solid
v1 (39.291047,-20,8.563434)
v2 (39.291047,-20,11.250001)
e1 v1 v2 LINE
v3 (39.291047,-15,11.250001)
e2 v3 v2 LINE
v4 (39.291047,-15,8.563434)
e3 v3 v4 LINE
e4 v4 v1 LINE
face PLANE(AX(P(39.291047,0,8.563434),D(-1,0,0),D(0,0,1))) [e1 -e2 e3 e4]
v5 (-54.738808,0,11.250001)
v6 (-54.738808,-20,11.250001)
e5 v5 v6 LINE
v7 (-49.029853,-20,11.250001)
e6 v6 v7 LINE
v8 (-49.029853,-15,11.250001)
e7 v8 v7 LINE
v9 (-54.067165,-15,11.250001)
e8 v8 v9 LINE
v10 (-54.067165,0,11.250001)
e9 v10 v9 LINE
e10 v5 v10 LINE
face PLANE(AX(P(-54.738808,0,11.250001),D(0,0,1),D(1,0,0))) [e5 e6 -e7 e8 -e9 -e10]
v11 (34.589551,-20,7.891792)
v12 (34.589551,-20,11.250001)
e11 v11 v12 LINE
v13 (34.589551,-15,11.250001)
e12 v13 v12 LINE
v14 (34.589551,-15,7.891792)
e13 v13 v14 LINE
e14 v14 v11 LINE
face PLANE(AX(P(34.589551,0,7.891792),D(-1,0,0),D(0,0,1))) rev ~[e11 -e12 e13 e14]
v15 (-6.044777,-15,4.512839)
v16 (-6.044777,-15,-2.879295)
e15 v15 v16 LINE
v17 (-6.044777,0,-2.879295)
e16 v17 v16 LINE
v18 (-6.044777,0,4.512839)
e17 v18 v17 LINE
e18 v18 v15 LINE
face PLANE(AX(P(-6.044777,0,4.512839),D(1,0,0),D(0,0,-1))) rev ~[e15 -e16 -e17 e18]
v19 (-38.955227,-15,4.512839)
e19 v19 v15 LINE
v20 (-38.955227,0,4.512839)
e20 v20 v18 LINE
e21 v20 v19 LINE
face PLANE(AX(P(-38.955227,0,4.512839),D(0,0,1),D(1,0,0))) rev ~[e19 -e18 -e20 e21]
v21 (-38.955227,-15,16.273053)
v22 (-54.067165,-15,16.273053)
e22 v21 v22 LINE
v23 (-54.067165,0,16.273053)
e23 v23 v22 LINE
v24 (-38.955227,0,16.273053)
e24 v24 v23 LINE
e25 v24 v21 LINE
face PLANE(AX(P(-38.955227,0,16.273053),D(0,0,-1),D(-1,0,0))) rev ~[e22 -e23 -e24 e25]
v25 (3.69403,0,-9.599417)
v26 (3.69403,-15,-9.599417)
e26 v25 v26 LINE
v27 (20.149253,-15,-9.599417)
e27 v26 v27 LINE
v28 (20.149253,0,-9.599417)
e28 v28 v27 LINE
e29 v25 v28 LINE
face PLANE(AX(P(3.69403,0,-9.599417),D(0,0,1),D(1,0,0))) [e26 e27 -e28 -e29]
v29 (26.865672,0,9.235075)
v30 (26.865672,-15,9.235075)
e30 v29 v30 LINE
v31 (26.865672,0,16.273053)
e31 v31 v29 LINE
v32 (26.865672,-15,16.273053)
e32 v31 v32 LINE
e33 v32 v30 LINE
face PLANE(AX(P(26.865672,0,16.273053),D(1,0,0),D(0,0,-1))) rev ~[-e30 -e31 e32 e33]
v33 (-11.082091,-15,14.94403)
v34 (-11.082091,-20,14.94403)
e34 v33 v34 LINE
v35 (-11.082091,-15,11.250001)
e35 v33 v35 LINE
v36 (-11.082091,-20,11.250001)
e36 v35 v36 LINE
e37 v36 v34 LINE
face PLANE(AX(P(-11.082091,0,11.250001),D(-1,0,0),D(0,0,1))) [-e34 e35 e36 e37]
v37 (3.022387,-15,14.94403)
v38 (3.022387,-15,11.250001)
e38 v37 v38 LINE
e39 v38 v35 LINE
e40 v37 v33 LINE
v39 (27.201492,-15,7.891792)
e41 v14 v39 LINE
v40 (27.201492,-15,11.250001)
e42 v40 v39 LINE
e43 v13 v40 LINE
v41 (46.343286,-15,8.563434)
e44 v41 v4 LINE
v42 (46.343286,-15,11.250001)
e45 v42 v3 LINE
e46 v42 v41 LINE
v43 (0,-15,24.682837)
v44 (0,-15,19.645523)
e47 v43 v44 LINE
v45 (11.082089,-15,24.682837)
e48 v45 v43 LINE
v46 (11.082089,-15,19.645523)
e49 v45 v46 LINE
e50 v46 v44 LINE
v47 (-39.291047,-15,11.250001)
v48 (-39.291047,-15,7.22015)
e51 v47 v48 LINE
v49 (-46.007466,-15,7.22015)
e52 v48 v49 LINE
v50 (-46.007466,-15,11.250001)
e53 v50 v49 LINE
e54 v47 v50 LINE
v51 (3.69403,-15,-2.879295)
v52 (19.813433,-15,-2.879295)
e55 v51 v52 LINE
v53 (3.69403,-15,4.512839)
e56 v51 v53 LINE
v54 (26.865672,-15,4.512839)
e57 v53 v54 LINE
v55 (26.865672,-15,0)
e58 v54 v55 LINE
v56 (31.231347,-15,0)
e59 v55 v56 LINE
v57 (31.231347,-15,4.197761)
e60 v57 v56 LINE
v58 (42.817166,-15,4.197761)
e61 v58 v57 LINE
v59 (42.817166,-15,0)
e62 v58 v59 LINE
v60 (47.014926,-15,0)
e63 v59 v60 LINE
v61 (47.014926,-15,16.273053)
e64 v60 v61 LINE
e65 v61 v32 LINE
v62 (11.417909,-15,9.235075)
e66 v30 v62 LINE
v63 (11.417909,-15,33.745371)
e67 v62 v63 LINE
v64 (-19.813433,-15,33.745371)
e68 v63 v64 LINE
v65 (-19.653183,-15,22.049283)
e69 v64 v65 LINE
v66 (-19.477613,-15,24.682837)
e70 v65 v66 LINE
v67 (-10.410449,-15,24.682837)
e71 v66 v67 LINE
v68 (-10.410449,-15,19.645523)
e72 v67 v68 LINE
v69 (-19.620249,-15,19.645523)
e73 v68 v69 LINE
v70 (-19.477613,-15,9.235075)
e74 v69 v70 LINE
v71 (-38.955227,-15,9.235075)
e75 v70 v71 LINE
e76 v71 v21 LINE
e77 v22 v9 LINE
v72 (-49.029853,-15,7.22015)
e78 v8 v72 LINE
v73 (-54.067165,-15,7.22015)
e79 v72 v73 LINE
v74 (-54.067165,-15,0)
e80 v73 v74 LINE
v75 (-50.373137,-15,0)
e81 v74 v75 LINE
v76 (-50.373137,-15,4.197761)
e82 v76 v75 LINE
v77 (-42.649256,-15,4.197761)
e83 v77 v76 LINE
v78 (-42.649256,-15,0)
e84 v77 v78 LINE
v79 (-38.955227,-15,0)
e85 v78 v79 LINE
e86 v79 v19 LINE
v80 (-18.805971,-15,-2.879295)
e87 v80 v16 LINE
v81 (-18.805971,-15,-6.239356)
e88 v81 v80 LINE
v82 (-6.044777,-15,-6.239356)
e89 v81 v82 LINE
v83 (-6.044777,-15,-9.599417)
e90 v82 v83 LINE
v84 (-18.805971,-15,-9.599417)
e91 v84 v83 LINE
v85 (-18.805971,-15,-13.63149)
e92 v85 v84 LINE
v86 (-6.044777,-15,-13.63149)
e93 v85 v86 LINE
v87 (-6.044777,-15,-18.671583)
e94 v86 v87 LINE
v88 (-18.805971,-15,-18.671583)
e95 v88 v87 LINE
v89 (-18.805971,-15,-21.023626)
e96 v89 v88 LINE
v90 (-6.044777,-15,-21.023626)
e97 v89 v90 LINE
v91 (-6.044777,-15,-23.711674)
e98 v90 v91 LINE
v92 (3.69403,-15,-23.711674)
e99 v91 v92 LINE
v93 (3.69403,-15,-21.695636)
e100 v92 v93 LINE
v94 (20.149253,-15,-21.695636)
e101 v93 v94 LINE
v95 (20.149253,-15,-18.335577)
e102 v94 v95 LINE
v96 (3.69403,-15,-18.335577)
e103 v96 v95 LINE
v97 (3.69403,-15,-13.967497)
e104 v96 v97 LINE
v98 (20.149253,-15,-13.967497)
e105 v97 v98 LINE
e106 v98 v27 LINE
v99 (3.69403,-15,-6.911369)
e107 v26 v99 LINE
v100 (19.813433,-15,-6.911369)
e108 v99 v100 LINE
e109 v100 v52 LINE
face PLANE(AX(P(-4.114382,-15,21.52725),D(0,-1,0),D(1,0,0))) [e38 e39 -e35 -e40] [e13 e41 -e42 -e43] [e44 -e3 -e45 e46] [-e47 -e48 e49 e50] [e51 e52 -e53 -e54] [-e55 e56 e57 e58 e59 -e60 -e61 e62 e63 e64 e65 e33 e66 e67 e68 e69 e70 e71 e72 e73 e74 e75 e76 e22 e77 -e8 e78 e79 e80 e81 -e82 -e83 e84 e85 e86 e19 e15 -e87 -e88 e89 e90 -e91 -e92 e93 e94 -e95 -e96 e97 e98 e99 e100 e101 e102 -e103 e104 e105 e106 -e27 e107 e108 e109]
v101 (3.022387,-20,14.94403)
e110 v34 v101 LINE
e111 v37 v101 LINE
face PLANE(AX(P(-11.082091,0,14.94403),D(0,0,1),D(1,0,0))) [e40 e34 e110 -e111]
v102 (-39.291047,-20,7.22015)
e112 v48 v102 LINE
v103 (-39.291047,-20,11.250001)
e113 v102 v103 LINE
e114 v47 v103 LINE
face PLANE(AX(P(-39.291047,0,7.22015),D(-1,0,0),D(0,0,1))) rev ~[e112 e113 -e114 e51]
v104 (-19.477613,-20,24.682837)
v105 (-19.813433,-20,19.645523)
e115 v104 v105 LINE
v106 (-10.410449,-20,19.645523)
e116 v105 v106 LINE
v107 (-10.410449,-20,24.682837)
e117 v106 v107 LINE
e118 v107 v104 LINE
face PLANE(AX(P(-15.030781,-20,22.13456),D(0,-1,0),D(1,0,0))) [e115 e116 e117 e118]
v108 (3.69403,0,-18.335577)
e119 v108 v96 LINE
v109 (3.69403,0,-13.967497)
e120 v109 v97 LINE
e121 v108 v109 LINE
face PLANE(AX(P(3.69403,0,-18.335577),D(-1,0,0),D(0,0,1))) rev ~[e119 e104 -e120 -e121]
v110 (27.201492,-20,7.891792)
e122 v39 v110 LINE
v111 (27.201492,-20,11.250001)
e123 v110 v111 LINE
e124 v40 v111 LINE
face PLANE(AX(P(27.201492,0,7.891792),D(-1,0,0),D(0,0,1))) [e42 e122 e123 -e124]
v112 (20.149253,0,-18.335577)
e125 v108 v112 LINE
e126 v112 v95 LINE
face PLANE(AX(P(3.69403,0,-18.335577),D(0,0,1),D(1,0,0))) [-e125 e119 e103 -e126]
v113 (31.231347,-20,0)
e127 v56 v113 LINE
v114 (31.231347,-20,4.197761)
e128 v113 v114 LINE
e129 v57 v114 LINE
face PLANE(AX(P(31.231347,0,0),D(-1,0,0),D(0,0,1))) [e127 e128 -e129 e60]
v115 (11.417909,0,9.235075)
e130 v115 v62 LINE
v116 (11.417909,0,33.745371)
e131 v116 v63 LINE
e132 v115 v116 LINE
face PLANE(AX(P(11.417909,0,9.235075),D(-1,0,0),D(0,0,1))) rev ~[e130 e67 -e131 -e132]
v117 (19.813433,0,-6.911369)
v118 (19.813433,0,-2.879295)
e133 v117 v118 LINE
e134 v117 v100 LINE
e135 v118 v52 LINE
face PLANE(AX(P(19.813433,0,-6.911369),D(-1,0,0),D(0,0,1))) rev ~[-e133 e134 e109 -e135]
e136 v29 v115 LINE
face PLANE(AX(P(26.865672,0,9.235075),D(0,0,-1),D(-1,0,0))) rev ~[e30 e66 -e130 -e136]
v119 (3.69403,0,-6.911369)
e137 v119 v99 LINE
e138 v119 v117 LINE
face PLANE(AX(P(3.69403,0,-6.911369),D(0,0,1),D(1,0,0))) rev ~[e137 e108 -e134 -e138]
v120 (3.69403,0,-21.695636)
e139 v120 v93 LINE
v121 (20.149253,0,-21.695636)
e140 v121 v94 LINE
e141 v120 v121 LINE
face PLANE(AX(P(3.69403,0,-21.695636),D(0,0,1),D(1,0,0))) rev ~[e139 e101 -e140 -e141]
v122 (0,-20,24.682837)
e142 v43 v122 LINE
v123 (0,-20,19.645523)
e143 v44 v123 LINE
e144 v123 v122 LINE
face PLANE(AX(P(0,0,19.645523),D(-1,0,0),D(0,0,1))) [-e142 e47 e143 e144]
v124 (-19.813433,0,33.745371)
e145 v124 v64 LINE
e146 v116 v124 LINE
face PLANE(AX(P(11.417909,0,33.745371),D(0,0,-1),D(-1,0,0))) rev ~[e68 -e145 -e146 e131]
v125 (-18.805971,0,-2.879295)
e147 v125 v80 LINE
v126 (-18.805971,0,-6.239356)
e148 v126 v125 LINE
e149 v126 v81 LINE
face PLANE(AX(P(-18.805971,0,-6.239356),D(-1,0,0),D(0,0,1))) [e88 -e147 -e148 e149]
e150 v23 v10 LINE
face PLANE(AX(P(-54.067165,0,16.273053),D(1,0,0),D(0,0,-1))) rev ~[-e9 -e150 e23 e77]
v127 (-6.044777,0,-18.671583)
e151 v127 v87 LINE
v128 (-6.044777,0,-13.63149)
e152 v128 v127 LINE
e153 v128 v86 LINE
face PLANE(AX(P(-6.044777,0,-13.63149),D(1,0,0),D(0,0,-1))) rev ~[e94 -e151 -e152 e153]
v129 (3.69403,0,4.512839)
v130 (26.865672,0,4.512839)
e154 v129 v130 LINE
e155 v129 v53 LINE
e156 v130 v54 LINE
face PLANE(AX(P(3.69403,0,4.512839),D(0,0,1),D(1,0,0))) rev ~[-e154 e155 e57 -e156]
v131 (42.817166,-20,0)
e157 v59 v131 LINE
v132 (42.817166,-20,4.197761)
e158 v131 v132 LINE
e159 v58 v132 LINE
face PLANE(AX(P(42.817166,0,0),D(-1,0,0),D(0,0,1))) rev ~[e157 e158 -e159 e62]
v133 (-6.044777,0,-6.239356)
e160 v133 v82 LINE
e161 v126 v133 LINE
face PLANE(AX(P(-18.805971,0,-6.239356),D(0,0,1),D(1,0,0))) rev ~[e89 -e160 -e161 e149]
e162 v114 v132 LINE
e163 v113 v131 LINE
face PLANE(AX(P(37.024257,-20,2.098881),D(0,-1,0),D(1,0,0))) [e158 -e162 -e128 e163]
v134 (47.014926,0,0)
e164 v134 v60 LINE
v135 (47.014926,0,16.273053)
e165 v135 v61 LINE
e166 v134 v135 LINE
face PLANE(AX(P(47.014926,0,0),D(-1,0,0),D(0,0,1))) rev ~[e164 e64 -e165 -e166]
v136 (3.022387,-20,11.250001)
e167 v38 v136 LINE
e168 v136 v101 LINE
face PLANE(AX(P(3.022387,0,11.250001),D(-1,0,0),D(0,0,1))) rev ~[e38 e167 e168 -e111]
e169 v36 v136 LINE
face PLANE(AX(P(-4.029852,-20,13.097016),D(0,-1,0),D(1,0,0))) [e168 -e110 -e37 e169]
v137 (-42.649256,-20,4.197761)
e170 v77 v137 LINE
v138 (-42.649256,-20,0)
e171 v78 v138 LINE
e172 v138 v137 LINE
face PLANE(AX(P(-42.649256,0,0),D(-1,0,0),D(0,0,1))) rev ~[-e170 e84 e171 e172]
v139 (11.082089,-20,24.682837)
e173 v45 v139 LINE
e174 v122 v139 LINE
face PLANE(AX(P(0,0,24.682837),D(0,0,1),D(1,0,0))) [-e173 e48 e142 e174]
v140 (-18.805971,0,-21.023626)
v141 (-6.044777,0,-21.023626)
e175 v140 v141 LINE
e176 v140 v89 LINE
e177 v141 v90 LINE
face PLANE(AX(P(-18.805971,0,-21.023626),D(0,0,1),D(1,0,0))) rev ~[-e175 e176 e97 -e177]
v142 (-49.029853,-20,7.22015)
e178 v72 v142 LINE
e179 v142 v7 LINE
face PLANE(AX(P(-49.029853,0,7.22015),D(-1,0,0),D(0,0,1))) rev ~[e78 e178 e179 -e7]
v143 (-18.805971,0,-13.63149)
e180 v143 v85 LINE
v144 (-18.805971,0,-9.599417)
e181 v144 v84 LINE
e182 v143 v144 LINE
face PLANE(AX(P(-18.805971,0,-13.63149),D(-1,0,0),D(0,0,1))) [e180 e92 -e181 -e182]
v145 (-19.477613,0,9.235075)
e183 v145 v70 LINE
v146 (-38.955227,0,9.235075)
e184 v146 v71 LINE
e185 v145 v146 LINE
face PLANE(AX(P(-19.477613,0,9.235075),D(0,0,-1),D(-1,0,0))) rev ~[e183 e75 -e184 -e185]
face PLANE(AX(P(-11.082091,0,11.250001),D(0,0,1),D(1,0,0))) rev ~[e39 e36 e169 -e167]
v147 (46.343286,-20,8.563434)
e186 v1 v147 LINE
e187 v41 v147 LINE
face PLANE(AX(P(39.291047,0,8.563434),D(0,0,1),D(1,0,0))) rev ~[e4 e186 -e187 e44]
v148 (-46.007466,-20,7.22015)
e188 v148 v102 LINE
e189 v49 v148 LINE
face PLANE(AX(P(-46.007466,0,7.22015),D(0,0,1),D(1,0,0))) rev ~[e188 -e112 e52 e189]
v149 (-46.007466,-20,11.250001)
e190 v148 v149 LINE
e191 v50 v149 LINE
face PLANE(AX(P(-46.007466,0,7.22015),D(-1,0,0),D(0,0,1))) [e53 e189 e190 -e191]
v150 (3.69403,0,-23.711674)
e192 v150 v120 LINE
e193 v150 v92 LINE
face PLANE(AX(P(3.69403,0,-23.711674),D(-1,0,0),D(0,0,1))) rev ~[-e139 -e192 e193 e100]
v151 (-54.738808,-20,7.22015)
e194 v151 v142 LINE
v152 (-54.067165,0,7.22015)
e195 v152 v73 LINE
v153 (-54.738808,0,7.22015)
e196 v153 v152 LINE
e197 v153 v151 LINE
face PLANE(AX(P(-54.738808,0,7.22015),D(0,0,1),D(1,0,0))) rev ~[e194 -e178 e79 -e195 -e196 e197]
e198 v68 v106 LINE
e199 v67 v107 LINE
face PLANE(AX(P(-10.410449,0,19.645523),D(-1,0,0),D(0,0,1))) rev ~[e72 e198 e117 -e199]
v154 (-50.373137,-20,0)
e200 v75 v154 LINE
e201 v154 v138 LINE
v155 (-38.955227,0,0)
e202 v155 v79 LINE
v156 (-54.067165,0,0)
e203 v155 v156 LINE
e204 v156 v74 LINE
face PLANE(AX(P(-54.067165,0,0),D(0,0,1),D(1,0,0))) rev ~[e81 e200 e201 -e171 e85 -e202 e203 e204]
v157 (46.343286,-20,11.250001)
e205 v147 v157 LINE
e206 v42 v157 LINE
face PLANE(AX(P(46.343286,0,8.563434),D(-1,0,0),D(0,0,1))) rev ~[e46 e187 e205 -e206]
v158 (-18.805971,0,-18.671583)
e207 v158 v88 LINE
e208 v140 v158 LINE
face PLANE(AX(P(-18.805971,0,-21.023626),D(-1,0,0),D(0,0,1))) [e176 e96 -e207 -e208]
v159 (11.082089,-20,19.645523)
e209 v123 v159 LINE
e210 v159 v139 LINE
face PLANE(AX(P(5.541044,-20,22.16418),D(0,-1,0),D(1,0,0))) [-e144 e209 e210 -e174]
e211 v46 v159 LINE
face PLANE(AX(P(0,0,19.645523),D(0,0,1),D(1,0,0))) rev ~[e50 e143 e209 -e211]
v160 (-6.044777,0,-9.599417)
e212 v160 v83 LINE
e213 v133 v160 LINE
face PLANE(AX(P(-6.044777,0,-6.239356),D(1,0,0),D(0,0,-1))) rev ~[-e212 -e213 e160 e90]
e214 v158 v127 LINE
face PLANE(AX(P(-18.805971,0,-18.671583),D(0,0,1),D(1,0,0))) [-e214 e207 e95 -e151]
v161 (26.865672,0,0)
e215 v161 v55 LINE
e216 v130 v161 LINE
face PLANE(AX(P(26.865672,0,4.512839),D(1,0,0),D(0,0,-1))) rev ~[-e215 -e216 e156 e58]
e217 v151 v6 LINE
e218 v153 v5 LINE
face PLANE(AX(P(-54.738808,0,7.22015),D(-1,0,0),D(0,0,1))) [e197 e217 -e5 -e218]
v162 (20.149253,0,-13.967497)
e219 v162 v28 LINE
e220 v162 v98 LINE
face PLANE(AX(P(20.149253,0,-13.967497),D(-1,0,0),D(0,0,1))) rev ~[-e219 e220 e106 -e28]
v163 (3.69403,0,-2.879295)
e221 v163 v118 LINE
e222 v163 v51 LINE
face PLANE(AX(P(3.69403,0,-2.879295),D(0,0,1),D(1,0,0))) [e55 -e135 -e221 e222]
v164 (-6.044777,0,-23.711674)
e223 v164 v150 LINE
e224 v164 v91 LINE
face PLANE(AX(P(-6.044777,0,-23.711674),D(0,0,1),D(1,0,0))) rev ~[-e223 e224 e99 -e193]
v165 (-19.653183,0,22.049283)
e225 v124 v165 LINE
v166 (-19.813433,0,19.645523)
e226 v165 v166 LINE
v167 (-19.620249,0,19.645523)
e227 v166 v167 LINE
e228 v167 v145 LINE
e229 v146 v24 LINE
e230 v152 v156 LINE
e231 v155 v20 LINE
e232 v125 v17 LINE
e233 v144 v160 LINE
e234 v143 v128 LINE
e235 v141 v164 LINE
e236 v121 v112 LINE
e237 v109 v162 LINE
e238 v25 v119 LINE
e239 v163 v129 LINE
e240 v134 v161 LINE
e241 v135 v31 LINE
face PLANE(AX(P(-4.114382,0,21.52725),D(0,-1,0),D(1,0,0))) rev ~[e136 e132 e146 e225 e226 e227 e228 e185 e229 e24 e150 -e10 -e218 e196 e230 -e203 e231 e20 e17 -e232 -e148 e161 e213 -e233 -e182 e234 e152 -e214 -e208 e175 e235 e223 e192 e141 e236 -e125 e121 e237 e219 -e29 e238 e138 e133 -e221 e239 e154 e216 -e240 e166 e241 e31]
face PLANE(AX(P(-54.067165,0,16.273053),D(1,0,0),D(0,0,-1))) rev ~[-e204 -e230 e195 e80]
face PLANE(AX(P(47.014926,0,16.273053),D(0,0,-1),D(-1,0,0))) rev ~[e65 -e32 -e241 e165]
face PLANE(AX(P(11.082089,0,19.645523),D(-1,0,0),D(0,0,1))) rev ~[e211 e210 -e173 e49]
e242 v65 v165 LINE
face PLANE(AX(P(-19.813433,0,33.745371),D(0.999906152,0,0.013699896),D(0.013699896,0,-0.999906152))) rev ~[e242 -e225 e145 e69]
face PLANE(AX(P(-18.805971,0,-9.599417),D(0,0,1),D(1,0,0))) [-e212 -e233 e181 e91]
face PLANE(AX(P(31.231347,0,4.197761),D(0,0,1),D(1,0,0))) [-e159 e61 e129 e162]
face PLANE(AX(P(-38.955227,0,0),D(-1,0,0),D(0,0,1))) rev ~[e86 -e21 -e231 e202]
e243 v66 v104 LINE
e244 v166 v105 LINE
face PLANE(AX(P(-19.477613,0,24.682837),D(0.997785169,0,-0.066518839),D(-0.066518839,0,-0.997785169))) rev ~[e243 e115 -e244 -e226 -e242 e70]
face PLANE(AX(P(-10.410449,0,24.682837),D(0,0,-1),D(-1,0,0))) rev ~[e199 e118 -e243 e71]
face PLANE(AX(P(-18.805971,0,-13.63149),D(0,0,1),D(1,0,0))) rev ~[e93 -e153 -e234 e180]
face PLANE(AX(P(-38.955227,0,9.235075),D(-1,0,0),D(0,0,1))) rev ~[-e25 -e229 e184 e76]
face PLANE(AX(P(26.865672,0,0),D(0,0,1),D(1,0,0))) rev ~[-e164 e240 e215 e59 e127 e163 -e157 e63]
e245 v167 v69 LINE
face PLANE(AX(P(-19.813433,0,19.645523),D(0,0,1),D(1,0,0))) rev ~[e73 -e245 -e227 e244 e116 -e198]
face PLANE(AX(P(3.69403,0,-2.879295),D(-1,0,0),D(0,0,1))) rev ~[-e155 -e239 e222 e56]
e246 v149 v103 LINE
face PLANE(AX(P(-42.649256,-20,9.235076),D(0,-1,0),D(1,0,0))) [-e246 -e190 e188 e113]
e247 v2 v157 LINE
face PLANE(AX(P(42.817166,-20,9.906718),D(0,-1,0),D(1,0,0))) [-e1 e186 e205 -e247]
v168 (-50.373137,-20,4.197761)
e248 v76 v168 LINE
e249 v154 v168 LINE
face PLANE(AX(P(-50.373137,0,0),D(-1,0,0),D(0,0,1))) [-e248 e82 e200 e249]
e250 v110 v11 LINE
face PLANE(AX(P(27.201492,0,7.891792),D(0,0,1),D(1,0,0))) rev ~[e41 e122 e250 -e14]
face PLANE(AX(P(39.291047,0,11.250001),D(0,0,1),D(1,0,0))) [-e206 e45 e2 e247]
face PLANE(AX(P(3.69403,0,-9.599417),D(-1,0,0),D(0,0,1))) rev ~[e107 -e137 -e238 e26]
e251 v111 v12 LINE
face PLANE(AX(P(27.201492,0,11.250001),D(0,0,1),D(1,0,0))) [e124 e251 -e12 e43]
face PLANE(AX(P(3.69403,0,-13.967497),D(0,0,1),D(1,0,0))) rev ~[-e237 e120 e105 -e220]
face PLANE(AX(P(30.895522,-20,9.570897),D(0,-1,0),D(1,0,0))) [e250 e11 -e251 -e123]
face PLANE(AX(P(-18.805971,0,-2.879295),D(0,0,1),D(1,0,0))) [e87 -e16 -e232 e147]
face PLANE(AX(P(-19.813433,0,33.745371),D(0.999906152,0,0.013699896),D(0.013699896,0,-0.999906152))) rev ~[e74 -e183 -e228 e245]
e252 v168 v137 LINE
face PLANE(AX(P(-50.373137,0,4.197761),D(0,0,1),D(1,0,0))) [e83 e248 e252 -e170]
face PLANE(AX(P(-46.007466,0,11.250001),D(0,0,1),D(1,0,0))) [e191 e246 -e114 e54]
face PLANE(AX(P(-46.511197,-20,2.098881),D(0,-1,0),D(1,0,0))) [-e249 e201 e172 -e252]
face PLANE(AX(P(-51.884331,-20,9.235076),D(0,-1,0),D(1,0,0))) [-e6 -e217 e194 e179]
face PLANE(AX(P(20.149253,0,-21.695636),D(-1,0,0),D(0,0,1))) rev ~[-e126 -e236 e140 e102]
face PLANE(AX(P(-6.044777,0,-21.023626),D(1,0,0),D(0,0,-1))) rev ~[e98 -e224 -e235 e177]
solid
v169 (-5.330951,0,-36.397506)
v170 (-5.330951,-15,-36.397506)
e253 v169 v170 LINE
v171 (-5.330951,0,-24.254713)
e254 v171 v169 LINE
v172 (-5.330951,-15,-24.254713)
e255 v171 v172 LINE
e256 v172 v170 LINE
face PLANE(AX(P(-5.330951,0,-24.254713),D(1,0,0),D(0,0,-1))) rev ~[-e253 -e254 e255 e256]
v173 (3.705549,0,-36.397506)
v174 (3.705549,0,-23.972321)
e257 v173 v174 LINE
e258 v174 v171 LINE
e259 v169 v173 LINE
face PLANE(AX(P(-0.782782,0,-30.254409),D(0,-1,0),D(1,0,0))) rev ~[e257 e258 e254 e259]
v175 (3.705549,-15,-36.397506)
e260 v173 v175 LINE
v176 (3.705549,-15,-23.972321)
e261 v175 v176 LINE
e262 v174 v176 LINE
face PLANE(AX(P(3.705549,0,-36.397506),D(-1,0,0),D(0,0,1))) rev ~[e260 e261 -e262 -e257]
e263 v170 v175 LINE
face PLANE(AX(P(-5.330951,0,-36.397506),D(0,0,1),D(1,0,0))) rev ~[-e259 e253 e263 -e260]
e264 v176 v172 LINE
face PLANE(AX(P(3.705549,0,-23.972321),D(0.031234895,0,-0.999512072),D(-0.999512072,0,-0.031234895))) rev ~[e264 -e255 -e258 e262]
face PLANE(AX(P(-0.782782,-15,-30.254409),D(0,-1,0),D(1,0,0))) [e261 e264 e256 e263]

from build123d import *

# Parameters (mm, degrees)
F0_W     = 12.7611942589
F0_H     = 3.3600605093
F0_W_2   = 16.1194035318
F0_H_2   = 4.0320735425
F0_H_3   = 4.0320726112
F0_W_3   = 16.455223551
F0_H_4   = 4.3680798262
F0_H_5   = 2.3520421237
F0_H_6   = 3.3600591123
F1_DEPTH = 15
F3_DEPTH = 15
F4_W     = 11.0820885748
F4_H     = 5.0373133272
F4_W_2   = 14.1044787597
F4_H_2   = 3.6940285936
F4_W_3   = 7.3880590498
F4_H_3   = 3.3582095057
F4_W_4   = 7.0522390306
F4_H_4   = 2.6865676045
F4_W_5   = 11.5858186036
F4_H_5   = 4.1977614164
F4_W_6   = 6.7164190114
F4_H_6   = 4.0298514068
F4_W_7   = 5.7089552283
F4_W_8   = 7.7238809317
F5_DEPTH = 20


with BuildPart() as f1:
    # F0 (on Front) → F1 (new body)
    with BuildSketch(Plane.XZ):
        Polygon((-19.8134332895, 33.7453708053), (-19.4776132703, 9.2350747436), (-5.5410456844, 9.2350747436), (8.3955219015, 9.2350747436), (11.417908594, 9.2350747436), (11.417908594, 33.7453708053), align=None)
        Polygon((-5.5410456844, 9.2350747436), (-19.4776132703, 9.2350747436), (-38.9552265406, 9.2350747436), (-38.9552265406, 4.5128390193), (-6.0447771102, 4.5128390193), (3.6940297578, 4.5128390193), (26.8656723201, 4.5128390193), (26.8656723201, 9.2350747436), (11.417908594, 9.2350747436), (8.3955219015, 9.2350747436), align=None)
        Polygon((-38.9552265406, 4.5128390193), (-38.9552265406, 9.2350747436), (-38.9552265406, 16.273053363), (-54.0671646595, 16.273053363), (-54.0671646595, 0), (-38.9552265406, 0), align=None)
        Polygon((3.6940297578, 4.5128390193), (-6.0447771102, 4.5128390193), (-6.0447771102, -2.8792954981), (-6.0447771102, -6.2393560074), (-6.0447771102, -9.599417448), (-6.0447771102, -13.6314900592), (-6.0447771102, -18.6715833843), (-6.0447771102, -21.023625508), (-6.0447771102, -23.7116739154), (3.6940297578, -23.7116739154), (3.6940297578, -21.6956362128), (3.6940297578, -18.3355771005), (3.6940297578, -13.9674972743), (3.6940297578, -9.599417448), (3.6940297578, -6.9113690406), (3.6940297578, -2.8792954981), align=None)
        Polygon((26.8656723201, 16.273053363), (26.8656723201, 9.2350747436), (26.8656723201, 4.5128390193), (26.8656723201, 0), (47.0149256289, 0), (47.0149256289, 16.273053363), align=None)
        with Locations((-12.4253742397, -4.5593257528)):
            Rectangle(F0_W, F0_H)
        with Locations((11.7537315236, -4.8953322694)):
            Rectangle(F0_W_2, F0_H_2)
        with Locations((-12.4253742397, -11.6154537536)):
            Rectangle(F0_W, F0_H_3)
        with Locations((11.9216415333, -11.7834573612)):
            Rectangle(F0_W_3, F0_H_4)
        with Locations((-12.4253742397, -19.8476044461)):
            Rectangle(F0_W, F0_H_5)
        with Locations((11.9216415333, -20.0156066567)):
            Rectangle(F0_W_3, F0_H_6)
    extrude(amount=F1_DEPTH)

    # F4 (on Front) → F5 (join)
    with BuildSketch(Plane.XZ):
        Polygon((-10.4104485363, 24.6828366071), (-19.4776132703, 24.6828366071), (-19.8134332895, 19.6455232799), (-10.4104485363, 19.6455232799), align=None)
        with Locations((5.5410442874, 22.1641799435)):
            Rectangle(F4_W, F4_H)
        with Locations((-4.0298519889, 13.0970156752)):
            Rectangle(F4_W_2, F4_H_2)
        with Locations((30.8955218643, 9.5708966255)):
            Rectangle(F4_W_3, F4_H_3)
        with Locations((42.8171660751, 9.9067175761)):
            Rectangle(F4_W_4, F4_H_4)
        with Locations((37.0242567733, 2.0988807082)):
            Rectangle(F4_W_5, F4_H_5)
        with Locations((-42.6492560655, 9.235075675)):
            Rectangle(F4_W_6, F4_H_6)
        with Locations((-51.8843308091, 9.235075675)):
            Rectangle(F4_W_7, F4_H_6)
        with Locations((-46.5111965314, 2.0988807082)):
            Rectangle(F4_W_8, F4_H_5)
    extrude(amount=F5_DEPTH)


with BuildPart() as f3:
    # F2 (on Front) → F3 (new body)
    with BuildSketch(Plane.XZ):
        Polygon((3.705548821, -23.9723213017), (-5.3309509531, -24.2547132075), (-5.3309509531, -36.3975055516), (3.705548821, -36.3975055516), align=None)
    extrude(amount=F3_DEPTH)


solid = Compound([f1.part, f3.part])
